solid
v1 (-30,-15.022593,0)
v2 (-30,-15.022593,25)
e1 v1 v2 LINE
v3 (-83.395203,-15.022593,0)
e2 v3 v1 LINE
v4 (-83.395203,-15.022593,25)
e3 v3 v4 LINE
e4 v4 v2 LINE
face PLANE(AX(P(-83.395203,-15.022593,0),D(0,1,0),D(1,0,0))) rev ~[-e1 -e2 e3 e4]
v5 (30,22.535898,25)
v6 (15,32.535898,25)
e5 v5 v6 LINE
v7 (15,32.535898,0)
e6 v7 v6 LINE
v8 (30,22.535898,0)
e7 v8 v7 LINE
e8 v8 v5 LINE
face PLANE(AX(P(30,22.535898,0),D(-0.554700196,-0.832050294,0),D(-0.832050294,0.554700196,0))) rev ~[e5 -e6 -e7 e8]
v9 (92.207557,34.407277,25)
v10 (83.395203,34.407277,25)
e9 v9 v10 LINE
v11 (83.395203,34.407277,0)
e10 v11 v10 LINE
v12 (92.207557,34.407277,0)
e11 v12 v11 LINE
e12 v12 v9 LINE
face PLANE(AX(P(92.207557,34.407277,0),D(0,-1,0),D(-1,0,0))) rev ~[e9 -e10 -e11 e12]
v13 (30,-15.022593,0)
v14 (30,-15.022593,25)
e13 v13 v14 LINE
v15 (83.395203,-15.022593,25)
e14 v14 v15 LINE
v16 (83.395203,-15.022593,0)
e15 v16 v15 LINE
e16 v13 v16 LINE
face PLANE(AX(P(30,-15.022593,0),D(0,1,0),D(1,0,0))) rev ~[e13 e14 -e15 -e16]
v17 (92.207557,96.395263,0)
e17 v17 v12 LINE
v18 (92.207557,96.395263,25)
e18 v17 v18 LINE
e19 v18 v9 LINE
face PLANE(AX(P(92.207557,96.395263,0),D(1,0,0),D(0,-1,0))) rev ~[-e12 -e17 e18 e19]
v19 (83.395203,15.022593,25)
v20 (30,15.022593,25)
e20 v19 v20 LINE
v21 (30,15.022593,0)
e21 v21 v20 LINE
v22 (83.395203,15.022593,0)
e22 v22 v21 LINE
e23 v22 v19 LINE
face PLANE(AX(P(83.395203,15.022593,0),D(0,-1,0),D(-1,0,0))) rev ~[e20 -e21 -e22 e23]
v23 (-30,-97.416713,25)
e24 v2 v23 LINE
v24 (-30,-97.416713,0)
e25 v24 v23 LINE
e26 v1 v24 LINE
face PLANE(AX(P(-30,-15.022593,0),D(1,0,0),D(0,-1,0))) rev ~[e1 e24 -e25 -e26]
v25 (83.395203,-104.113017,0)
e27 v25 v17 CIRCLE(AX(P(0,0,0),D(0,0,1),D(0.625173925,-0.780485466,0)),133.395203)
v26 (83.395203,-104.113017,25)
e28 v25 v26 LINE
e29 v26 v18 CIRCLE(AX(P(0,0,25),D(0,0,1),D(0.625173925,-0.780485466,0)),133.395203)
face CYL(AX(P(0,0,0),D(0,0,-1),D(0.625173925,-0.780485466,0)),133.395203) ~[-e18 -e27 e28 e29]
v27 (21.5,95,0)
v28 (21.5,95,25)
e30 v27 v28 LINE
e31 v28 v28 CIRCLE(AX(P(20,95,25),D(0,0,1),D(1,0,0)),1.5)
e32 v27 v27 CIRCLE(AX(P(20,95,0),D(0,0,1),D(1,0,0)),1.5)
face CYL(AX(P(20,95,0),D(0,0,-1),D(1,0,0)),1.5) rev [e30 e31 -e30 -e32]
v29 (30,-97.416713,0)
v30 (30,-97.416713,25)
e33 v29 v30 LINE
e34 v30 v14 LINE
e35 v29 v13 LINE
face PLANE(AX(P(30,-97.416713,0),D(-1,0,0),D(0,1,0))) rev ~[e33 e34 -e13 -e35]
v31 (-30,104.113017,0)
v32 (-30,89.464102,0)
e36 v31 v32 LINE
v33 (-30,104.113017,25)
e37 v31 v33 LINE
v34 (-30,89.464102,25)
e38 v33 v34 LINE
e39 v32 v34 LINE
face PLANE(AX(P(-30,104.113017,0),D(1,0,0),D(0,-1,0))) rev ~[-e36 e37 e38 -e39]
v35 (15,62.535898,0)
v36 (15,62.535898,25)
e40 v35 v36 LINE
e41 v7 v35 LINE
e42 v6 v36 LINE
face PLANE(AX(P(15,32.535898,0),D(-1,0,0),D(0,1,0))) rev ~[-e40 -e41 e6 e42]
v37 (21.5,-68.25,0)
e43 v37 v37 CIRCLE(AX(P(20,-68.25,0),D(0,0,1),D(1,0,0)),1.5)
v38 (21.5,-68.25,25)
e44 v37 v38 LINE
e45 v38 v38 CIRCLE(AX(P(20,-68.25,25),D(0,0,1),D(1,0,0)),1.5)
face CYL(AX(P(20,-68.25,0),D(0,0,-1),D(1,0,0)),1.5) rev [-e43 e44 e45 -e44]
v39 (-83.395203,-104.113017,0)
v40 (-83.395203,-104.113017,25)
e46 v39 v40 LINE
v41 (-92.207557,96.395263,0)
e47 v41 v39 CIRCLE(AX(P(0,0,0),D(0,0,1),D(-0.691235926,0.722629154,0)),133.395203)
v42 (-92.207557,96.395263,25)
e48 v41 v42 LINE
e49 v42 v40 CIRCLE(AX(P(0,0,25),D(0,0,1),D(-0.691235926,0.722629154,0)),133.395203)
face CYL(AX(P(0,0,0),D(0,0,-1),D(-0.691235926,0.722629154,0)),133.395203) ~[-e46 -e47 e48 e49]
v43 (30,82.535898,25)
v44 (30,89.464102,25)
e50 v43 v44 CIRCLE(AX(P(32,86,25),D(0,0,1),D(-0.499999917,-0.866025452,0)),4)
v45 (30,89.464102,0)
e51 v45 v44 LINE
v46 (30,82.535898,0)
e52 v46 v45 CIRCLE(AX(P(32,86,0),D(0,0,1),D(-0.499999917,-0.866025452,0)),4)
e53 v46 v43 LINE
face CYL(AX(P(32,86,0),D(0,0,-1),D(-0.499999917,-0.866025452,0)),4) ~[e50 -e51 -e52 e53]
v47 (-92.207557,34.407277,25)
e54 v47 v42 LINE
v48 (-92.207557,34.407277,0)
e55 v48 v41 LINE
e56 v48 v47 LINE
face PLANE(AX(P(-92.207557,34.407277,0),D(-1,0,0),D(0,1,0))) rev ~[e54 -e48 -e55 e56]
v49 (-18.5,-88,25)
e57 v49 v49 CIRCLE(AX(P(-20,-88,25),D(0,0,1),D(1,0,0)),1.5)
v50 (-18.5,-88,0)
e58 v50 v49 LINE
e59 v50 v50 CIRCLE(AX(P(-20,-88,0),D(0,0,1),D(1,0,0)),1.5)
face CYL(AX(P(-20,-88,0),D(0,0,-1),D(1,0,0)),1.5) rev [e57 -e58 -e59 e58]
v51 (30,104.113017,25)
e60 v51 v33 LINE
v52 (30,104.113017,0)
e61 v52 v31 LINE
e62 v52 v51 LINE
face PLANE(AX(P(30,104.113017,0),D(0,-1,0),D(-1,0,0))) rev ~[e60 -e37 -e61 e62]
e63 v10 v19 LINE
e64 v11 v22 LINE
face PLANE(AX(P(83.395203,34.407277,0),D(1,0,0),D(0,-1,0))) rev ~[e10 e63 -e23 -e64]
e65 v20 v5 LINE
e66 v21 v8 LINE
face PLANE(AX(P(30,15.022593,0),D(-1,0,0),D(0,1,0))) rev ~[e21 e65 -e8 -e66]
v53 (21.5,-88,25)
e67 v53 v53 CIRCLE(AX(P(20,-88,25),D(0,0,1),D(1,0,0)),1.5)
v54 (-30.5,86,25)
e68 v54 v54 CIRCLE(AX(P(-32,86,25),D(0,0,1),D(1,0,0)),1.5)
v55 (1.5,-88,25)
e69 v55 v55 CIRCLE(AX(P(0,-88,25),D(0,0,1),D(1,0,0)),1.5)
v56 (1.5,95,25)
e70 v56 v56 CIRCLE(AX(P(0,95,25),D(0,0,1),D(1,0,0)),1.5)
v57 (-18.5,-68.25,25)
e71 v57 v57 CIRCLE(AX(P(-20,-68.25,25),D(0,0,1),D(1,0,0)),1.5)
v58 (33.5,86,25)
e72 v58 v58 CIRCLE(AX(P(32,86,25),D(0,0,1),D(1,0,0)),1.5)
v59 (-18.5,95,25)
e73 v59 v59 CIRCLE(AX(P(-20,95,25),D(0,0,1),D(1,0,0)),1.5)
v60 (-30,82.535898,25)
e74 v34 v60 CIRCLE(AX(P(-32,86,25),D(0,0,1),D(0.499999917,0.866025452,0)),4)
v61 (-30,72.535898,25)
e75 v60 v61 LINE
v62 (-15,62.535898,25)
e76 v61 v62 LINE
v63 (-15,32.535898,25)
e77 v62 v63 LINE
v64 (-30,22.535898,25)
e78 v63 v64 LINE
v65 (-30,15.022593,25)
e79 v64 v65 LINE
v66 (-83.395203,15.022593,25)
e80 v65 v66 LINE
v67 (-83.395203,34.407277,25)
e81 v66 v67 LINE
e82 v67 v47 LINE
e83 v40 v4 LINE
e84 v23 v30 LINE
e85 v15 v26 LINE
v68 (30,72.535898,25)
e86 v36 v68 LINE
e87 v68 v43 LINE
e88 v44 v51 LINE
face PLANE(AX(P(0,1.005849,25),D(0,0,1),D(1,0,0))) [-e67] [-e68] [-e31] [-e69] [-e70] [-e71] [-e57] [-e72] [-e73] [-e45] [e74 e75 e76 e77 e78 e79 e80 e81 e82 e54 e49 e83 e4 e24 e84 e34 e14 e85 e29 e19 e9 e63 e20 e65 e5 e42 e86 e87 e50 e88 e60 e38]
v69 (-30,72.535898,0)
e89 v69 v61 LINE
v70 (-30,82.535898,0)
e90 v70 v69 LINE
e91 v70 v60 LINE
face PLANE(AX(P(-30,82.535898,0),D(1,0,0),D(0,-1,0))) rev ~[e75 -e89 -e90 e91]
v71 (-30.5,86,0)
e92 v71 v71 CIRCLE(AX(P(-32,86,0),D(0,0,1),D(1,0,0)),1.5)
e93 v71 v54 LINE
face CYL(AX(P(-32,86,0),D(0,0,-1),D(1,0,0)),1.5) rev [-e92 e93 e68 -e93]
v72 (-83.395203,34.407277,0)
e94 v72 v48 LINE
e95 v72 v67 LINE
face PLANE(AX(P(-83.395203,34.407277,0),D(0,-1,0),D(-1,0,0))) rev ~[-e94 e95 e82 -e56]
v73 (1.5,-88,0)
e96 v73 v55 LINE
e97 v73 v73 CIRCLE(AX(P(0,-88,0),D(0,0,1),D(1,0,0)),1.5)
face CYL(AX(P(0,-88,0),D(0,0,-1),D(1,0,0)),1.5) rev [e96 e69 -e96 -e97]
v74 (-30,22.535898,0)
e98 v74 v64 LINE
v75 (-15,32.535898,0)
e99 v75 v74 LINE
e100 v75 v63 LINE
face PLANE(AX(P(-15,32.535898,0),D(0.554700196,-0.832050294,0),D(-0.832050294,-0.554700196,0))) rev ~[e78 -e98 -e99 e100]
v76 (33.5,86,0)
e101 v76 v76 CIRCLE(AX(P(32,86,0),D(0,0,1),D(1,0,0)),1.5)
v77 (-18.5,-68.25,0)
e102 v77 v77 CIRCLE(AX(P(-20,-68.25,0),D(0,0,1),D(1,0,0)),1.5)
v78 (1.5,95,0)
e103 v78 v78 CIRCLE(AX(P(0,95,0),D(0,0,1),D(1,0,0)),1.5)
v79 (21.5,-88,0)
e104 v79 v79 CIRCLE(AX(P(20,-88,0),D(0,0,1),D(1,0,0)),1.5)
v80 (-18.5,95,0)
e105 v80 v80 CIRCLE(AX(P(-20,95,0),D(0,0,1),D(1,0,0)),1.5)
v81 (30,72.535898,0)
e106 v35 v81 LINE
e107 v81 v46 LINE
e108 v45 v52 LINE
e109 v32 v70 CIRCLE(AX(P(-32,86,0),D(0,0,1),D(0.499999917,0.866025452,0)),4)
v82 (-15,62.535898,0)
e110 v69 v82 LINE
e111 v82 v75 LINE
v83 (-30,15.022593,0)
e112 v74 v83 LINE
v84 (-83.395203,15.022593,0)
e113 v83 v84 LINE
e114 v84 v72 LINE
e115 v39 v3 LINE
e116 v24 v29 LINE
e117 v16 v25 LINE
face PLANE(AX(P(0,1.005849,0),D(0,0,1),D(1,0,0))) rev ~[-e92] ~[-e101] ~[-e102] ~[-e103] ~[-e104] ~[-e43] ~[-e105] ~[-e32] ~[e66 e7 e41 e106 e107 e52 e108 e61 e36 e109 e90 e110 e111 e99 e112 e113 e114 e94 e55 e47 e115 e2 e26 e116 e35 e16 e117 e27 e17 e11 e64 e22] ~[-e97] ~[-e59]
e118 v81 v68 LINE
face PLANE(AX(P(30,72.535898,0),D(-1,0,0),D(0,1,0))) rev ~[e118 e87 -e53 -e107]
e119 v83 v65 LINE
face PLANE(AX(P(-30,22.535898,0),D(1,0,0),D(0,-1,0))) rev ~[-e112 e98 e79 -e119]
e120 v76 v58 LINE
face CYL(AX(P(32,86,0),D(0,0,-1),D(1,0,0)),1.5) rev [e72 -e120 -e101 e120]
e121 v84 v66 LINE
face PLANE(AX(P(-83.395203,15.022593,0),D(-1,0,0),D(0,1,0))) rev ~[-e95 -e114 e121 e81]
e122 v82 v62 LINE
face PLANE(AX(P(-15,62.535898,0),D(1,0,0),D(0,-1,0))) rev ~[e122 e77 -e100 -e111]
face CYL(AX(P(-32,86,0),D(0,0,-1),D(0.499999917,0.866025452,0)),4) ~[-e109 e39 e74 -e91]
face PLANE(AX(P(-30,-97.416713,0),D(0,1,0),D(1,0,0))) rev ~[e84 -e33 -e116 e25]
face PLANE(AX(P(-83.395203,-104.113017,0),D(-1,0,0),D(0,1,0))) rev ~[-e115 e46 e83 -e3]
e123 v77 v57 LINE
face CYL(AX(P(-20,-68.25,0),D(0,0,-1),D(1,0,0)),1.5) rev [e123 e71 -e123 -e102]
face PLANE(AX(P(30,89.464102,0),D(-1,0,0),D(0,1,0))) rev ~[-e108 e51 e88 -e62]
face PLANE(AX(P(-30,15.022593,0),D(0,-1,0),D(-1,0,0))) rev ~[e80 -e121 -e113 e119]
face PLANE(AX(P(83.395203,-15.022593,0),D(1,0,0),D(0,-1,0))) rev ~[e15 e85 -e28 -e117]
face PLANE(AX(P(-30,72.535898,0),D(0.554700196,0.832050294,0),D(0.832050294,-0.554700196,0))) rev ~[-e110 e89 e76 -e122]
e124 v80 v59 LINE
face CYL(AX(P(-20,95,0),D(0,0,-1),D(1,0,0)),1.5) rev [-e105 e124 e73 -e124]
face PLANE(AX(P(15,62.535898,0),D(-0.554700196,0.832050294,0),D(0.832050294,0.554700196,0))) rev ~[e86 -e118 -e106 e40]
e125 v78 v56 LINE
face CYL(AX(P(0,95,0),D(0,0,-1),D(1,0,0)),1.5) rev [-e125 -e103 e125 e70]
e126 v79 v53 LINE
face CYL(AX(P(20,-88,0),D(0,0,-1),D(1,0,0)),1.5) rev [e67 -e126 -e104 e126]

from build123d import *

# Parameters (mm, degrees)
F0_R     = 1.5
F1_DEPTH = 25


with BuildPart() as f1:
    # F0 (on Top) → F1 (new body)
    with BuildSketch(Plane.XY):
        with BuildLine():
            Line((-30, -15.022593), (-30, -97.416713))
            Line((-30, -97.416713), (30, -97.416713))
            Line((30, -97.416713), (30, -15.022593))
            Line((30, -15.022593), (83.395203, -15.022593))
            Line((83.395203, -15.022593), (83.395203, -104.113017))
            ThreePointArc((83.395203, -104.113017), (133.266556, -5.857075), (92.207557, 96.395263))
            Line((92.207557, 96.395263), (92.207557, 34.407277))
            Line((92.207557, 34.407277), (83.395203, 34.407277))
            Line((83.395203, 34.407277), (83.395203, 15.022593))
            Line((83.395203, 15.022593), (30, 15.022593))
            Line((30, 15.022593), (30, 22.535898))
            Line((30, 22.535898), (15, 32.535898))
            Line((15, 32.535898), (15, 62.535898))
            Line((15, 62.535898), (30, 72.535898))
            Line((30, 72.535898), (30, 82.535898))
            ThreePointArc((30, 82.535898), (36, 86), (30, 89.464102))
            Line((30, 89.464102), (30, 104.113017))
            Line((30, 104.113017), (-30, 104.113017))
            Line((-30, 104.113017), (-30, 89.464102))
            ThreePointArc((-30, 89.464102), (-36, 86), (-30, 82.535898))
            Line((-30, 82.535898), (-30, 72.535898))
            Line((-30, 72.535898), (-15, 62.535898))
            Line((-15, 62.535898), (-15, 32.535898))
            Line((-15, 32.535898), (-30, 22.535898))
            Line((-30, 22.535898), (-30, 15.022593))
            Line((-30, 15.022593), (-83.395203, 15.022593))
            Line((-83.395203, 15.022593), (-83.395203, 34.407277))
            Line((-83.395203, 34.407277), (-92.207557, 34.407277))
            Line((-92.207557, 34.407277), (-92.207557, 96.395263))
            ThreePointArc((-92.207557, 96.395263), (-133.266556, -5.857075), (-83.395203, -104.113017))
            Line((-83.395203, -104.113017), (-83.395203, -15.022593))
            Line((-83.395203, -15.022593), (-30, -15.022593))
        make_face()
        with Locations((-20, -88)):
            Circle(F0_R, mode=Mode.SUBTRACT)
        with Locations((-20, -68.25)):
            Circle(F0_R, mode=Mode.SUBTRACT)
        with Locations((0, -88)):
            Circle(F0_R, mode=Mode.SUBTRACT)
        with Locations((20, -88)):
            Circle(F0_R, mode=Mode.SUBTRACT)
        with Locations((20, -68.25)):
            Circle(F0_R, mode=Mode.SUBTRACT)
        with Locations((-32, 86)):
            Circle(F0_R, mode=Mode.SUBTRACT)
        with Locations((-20, 95)):
            Circle(F0_R, mode=Mode.SUBTRACT)
        with Locations((32, 86)):
            Circle(F0_R, mode=Mode.SUBTRACT)
        with Locations((0, 95)):
            Circle(F0_R, mode=Mode.SUBTRACT)
        with Locations((20, 95)):
            Circle(F0_R, mode=Mode.SUBTRACT)
    extrude(amount=F1_DEPTH)


solid = f1.part
